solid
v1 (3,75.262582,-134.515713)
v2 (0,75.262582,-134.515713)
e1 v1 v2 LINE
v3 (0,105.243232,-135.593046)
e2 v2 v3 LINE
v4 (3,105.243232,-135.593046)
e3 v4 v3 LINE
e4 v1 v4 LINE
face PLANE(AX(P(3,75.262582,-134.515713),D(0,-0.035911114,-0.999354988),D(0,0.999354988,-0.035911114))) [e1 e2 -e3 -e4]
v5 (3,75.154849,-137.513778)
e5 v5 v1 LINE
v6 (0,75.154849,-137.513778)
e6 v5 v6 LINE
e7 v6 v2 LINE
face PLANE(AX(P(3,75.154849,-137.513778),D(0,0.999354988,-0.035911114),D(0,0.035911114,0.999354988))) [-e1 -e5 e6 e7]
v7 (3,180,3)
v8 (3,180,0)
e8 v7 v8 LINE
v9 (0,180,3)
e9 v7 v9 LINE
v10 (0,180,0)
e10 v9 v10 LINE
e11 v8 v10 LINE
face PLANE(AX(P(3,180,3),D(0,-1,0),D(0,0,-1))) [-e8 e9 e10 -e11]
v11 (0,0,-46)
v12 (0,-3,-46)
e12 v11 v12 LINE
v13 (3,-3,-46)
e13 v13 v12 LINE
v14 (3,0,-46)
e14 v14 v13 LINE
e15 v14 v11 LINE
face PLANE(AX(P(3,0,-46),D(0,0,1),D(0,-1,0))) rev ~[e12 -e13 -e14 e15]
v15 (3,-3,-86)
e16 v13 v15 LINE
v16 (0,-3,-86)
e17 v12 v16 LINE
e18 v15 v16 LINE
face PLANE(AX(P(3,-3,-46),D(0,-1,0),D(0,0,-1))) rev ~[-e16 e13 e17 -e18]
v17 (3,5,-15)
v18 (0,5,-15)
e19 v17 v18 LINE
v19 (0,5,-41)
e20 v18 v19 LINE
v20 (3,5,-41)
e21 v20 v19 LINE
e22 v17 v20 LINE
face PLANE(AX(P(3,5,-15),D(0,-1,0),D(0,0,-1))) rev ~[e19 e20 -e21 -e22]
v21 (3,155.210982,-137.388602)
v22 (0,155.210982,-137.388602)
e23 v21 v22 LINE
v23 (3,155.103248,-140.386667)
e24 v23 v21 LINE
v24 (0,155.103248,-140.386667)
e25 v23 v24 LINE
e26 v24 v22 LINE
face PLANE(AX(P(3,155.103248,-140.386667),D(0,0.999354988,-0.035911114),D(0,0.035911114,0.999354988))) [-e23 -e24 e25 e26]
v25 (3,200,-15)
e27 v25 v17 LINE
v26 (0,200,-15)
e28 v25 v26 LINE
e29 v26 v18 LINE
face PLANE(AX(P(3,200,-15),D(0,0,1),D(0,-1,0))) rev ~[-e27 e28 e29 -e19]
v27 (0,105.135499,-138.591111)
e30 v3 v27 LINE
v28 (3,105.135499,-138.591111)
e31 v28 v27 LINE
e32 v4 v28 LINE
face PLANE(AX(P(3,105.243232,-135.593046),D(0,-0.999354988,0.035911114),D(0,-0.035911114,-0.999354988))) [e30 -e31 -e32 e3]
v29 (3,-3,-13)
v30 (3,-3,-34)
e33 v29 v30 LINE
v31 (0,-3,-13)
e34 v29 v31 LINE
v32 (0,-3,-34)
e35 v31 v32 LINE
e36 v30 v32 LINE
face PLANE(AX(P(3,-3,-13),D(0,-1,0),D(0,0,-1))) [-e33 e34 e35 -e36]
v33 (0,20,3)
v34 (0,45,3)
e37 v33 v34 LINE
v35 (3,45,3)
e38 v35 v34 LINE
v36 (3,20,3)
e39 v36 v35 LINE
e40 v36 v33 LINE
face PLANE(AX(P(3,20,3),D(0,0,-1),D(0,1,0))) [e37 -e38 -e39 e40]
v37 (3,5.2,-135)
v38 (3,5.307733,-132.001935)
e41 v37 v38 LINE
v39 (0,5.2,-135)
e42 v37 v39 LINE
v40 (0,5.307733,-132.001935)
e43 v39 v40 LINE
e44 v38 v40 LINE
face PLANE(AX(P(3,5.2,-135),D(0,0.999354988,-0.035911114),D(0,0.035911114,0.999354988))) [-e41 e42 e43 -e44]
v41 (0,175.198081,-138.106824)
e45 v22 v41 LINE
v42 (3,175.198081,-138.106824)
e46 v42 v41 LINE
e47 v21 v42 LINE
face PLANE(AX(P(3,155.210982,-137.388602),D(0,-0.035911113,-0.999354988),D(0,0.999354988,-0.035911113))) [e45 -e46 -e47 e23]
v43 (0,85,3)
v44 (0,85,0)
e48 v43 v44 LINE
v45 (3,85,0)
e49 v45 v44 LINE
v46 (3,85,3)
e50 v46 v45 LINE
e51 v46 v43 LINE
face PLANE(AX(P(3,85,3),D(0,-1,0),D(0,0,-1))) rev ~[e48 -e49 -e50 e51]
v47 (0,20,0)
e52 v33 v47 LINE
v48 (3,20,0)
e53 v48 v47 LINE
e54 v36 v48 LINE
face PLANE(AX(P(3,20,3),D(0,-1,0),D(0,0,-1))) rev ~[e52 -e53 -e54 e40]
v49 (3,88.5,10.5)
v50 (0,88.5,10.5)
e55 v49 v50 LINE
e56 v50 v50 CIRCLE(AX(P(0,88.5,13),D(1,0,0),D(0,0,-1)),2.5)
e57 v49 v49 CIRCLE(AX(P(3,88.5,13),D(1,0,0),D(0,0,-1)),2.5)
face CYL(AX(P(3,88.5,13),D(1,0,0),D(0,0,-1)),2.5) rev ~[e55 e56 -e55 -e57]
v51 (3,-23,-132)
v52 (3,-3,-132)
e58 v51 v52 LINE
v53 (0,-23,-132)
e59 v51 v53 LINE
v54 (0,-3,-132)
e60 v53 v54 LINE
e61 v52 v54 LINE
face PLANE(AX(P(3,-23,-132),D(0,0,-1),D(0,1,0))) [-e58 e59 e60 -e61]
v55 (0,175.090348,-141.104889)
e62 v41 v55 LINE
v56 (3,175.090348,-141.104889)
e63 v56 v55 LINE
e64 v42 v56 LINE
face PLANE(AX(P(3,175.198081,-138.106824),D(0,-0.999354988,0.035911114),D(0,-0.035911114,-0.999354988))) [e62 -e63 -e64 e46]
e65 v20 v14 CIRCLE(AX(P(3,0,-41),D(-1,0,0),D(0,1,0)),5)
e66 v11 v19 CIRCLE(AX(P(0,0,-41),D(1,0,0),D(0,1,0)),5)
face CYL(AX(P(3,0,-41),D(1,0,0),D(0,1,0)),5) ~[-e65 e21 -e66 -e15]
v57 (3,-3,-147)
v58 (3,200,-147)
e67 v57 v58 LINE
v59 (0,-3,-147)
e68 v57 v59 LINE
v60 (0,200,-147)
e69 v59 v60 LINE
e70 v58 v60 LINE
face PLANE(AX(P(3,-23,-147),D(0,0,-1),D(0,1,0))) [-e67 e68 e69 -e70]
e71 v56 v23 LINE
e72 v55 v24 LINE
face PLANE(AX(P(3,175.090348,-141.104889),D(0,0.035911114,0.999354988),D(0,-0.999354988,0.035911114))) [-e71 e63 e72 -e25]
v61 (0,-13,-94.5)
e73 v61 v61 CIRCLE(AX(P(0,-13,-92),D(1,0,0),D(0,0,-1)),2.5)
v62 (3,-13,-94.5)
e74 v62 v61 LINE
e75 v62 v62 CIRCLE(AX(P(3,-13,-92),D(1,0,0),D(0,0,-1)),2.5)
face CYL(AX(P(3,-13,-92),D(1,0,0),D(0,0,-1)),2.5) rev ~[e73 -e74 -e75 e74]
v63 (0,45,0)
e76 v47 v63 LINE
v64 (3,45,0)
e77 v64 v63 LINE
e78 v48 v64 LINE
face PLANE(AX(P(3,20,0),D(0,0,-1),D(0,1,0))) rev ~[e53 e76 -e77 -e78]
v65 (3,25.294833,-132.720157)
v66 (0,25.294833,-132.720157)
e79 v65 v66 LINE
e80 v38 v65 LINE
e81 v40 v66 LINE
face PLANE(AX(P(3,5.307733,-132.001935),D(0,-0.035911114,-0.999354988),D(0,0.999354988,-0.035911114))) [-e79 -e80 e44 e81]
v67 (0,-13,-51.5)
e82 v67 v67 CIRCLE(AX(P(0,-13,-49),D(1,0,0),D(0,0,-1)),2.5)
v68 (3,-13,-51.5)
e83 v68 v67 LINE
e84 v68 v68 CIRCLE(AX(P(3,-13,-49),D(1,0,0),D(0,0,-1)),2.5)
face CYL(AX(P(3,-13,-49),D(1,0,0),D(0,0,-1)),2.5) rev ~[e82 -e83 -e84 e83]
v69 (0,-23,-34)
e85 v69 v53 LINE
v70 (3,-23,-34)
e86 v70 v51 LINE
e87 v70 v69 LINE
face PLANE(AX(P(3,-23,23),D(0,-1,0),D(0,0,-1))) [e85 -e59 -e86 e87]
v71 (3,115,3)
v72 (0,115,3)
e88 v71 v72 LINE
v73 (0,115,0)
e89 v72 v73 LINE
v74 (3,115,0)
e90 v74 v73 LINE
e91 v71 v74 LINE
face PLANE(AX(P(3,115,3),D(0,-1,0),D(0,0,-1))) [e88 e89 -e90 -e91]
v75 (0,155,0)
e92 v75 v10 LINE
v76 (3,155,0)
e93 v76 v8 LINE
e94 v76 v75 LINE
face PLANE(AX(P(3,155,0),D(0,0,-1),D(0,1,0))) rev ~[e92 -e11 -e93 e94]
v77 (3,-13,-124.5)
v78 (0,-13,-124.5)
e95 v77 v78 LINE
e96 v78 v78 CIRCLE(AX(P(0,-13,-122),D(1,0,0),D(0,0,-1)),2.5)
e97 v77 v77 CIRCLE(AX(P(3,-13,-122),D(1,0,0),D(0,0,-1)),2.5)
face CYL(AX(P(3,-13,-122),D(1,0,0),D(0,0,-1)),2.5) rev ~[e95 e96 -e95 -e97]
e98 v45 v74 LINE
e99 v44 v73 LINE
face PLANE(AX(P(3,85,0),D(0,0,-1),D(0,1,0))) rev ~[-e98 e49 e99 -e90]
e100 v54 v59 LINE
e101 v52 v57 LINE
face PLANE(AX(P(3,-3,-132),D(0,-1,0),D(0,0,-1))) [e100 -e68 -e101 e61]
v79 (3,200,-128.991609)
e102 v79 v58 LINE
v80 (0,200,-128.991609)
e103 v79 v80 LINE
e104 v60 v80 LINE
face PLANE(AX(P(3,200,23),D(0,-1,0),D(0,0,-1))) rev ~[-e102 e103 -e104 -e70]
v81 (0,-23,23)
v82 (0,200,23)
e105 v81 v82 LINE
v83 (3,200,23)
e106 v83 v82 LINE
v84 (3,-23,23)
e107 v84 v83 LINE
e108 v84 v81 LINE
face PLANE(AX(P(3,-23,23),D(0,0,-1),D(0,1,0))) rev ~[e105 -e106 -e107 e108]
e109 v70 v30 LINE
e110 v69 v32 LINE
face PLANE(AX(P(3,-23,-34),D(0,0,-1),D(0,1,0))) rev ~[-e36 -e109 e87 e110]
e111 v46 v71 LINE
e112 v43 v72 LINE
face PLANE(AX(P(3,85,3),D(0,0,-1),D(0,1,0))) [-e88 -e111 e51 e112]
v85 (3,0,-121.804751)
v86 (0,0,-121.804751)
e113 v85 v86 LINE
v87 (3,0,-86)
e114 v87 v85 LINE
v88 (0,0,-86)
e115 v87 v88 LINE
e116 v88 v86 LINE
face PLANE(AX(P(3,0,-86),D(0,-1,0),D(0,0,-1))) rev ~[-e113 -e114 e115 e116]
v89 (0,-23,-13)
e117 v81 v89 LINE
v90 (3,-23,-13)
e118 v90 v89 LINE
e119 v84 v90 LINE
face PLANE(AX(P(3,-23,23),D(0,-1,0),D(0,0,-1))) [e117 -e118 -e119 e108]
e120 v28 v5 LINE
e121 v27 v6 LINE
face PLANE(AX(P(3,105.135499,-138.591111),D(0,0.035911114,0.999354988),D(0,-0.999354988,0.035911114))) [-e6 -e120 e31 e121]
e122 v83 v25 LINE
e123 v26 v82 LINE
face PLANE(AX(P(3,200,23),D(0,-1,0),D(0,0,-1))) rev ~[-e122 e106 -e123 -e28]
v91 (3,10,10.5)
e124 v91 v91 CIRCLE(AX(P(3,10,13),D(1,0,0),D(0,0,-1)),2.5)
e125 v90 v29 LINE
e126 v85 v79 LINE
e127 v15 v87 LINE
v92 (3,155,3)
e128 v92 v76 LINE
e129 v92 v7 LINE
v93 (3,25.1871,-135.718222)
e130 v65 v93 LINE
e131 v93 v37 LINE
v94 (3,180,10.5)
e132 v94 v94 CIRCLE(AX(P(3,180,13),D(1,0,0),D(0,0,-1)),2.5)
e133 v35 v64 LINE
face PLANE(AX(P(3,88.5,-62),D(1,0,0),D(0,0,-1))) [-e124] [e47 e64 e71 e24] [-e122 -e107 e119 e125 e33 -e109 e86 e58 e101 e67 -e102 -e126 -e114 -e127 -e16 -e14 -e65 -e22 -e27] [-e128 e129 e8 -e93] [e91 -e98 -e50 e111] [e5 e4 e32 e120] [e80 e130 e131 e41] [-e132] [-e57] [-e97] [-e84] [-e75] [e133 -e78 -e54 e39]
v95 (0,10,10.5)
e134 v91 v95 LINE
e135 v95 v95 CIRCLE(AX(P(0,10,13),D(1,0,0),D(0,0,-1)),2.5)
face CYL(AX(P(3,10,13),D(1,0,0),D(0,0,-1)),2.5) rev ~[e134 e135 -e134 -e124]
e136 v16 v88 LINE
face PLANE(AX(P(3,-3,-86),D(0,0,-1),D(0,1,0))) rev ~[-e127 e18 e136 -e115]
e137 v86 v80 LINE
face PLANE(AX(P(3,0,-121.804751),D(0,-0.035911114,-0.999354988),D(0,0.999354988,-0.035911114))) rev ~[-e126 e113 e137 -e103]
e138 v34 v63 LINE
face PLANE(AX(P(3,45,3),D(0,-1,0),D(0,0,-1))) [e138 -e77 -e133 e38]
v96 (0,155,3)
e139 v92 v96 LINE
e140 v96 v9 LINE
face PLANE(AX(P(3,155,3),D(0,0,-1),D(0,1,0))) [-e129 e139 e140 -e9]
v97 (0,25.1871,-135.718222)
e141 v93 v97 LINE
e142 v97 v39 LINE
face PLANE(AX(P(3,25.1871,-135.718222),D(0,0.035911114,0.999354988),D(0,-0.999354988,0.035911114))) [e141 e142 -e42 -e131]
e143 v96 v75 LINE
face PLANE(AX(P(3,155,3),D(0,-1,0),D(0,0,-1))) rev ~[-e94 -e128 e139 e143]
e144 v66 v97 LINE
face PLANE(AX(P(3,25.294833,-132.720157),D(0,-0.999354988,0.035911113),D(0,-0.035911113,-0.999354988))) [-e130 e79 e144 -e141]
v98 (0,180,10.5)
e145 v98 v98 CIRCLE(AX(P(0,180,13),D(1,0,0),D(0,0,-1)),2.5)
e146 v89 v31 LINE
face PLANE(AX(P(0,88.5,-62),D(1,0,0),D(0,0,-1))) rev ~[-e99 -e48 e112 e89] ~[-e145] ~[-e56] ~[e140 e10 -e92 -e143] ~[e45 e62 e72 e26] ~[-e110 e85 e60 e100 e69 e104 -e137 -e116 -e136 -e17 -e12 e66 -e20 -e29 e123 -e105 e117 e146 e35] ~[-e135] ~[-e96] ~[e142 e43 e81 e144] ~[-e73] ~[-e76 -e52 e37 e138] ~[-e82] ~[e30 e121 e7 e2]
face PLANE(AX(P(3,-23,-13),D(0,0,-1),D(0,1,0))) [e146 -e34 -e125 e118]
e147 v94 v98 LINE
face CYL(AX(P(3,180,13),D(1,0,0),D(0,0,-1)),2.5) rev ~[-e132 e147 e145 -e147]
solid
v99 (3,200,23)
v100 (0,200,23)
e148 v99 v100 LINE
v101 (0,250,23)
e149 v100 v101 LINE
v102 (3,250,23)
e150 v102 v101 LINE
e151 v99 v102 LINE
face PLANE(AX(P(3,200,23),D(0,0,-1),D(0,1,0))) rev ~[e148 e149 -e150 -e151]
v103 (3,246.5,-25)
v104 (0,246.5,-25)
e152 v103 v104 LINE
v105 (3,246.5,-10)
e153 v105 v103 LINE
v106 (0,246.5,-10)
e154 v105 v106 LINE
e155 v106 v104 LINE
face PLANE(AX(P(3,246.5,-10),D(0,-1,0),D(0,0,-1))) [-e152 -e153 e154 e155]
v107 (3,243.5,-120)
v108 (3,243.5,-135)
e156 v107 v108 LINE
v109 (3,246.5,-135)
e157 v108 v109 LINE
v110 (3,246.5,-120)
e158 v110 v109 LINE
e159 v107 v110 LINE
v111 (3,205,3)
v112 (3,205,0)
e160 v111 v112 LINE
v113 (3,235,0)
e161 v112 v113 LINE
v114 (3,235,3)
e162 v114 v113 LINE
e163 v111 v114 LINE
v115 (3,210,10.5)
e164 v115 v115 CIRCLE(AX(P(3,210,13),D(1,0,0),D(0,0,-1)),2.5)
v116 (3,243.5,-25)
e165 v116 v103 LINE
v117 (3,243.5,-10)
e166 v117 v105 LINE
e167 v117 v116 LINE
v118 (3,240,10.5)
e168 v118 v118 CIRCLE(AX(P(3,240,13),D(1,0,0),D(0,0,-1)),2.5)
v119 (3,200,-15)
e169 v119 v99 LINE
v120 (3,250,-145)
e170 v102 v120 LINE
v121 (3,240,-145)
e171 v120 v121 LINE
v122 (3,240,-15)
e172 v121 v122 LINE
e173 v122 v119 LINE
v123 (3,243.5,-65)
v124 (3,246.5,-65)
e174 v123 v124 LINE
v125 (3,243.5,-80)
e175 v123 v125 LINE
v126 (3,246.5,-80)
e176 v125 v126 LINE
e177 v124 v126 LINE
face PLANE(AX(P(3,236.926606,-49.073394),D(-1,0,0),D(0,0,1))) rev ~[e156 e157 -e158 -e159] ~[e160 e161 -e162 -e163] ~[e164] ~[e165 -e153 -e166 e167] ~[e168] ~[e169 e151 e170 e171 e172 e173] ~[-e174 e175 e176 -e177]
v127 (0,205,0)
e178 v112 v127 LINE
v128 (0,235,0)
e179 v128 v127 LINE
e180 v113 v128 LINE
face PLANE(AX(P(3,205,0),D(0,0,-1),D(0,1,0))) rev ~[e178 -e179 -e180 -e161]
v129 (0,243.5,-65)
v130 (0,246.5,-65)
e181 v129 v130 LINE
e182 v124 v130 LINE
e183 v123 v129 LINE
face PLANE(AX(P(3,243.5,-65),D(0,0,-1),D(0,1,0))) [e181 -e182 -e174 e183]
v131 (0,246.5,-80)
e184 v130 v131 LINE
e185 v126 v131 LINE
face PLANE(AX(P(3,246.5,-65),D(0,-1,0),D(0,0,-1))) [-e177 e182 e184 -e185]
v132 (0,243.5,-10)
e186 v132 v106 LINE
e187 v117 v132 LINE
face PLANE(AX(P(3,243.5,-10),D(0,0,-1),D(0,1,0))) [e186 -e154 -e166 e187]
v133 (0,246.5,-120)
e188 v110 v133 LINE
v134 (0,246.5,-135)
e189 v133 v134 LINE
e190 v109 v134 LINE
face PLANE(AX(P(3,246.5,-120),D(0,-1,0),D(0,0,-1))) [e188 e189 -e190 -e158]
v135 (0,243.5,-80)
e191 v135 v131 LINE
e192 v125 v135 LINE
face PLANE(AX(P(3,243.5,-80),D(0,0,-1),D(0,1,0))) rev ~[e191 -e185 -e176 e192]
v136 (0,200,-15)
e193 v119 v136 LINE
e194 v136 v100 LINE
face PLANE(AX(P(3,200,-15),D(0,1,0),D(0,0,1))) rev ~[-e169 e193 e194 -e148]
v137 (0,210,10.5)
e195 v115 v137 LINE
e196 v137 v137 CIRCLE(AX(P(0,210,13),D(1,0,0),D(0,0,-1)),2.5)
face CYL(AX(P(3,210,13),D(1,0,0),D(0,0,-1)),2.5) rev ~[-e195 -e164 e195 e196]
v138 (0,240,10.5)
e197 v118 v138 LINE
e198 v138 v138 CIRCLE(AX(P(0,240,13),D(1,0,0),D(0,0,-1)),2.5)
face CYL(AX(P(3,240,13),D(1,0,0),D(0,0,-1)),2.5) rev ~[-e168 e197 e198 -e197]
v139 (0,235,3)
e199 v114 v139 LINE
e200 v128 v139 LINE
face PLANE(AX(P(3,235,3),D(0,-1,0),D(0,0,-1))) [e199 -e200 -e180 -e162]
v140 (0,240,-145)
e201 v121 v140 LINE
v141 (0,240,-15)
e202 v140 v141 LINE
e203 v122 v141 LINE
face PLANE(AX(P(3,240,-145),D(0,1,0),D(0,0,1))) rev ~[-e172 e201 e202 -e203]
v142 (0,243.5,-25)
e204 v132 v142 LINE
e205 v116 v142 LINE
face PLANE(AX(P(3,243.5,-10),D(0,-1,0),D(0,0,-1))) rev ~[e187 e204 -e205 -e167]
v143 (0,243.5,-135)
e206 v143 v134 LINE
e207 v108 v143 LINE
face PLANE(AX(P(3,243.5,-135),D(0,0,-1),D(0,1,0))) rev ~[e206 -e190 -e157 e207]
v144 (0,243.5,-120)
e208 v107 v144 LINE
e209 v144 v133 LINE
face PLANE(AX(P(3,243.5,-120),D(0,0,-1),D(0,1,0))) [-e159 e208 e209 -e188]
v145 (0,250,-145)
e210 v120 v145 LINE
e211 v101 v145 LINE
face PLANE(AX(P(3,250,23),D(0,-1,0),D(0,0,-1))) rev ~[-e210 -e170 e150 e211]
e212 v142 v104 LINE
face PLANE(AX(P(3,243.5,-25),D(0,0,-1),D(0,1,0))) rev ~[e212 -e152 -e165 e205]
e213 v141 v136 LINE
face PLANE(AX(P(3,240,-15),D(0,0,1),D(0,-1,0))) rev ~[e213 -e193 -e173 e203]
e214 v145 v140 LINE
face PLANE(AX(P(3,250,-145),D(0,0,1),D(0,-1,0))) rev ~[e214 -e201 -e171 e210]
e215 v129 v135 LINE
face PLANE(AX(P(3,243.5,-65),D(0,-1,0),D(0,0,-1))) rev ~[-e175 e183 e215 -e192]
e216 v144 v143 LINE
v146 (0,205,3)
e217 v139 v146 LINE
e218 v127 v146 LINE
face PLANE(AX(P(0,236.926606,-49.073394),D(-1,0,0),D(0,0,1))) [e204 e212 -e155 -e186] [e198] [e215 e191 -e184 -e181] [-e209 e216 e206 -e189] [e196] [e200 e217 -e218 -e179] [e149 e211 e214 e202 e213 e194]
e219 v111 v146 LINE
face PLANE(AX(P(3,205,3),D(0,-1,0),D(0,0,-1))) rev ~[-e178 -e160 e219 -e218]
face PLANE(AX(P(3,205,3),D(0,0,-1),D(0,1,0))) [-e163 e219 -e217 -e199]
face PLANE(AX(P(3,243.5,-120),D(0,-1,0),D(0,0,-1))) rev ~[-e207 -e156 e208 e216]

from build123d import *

# Parameters (mm, degrees)
SKETCH1_W           = 132
SKETCH1_H           = 200
BOSS_EXTRUDE1_DEPTH = 3
SKETCH5_W           = 170
SKETCH5_H           = 223
BOSS_EXTRUDE2_DEPTH = 3
CUT_EXTRUDE1_DEPTH  = 4
SKETCH3_R           = 2.5
CUT_EXTRUDE2_DEPTH  = 4
SKETCH6_W           = 21
SKETCH6_H           = 20
CUT_EXTRUDE4_DEPTH  = 4
SKETCH7_W           = 15
SKETCH7_H           = 20
CUT_EXTRUDE5_DEPTH  = 4
CUT_EXTRUDE3_DEPTH  = 4
SKETCH8_W           = 3
SKETCH8_H           = 25
SKETCH8_H_2         = 30
CUT_EXTRUDE6_DEPTH  = 4
SKETCH9_R           = 2.5
CUT_EXTRUDE7_DEPTH  = 4
BOSS_EXTRUDE3_DEPTH = 3
SKETCH11_W          = 15
SKETCH11_H          = 3
CUT_EXTRUDE8_DEPTH  = 3
SKETCH12_R          = 2.5
CUT_EXTRUDE9_DEPTH  = 10
SKETCH13_W          = 3
SKETCH13_H          = 30
CUT_EXTRUDE10_DEPTH = 10


with BuildPart() as part:
    # Sketch1 → Boss-Extrude1 (new body)
    with BuildSketch(Plane(origin=(0, 0, 0), x_dir=(0, 0, -1), z_dir=(1, 0, 0))):
        with Locations((66, 100)):
            Rectangle(SKETCH1_W, SKETCH1_H)
    extrude(amount=BOSS_EXTRUDE1_DEPTH)

    # Sketch5 → Boss-Extrude2 (add, through all)
    with BuildSketch(Plane(origin=(3, 0, 0), x_dir=(0, 0, -1), z_dir=(1, 0, 0))):
        with Locations((62, 88.5)):
            Rectangle(SKETCH5_W, SKETCH5_H)
    extrude(amount=-BOSS_EXTRUDE2_DEPTH)

    # Sketch2 → Cut-Extrude1 (cut, through all)
    with BuildSketch(Plane(origin=(3, 0, 0), x_dir=(0, 0, -1), z_dir=(1, 0, 0))):
        Polygon((135, 5.2), (132.001935036, 5.307733341), (132.720157307, 25.294833099), (135.718222271, 25.187099759), align=None)
        Polygon((138.106824336, 175.198081291), (141.1048893, 175.09034795), (140.386667029, 155.103248191), (137.388602066, 155.210981532), align=None)
        Polygon((135.593046389, 105.243232135), (138.591111353, 105.135498794), (137.513777947, 75.154849156), (134.515712983, 75.262582497), align=None)
    extrude(amount=-CUT_EXTRUDE1_DEPTH, mode=Mode.SUBTRACT)

    # Sketch3 → Cut-Extrude2 (cut, through all)
    with BuildSketch(Plane(origin=(3, 0, 0), x_dir=(0, 0, -1), z_dir=(1, 0, 0))):
        with Locations((122, -13)):
            Circle(SKETCH3_R)
        with Locations((92, -13)):
            Circle(SKETCH3_R)
        with Locations((-13, 10)):
            Circle(SKETCH3_R)
        with Locations((49, -13)):
            Circle(SKETCH3_R)
    extrude(amount=-CUT_EXTRUDE2_DEPTH, mode=Mode.SUBTRACT)

    # Sketch6 → Cut-Extrude4 (cut, through all)
    with BuildSketch(Plane(origin=(3, 0, 0), x_dir=(0, 0, -1), z_dir=(1, 0, 0))):
        with Locations((23.5, -13)):
            Rectangle(SKETCH6_W, SKETCH6_H)
    extrude(amount=-CUT_EXTRUDE4_DEPTH, mode=Mode.SUBTRACT)

    # Sketch7 → Cut-Extrude5 (cut, through all)
    with BuildSketch(Plane(origin=(3, 0, 0), x_dir=(0, 0, -1), z_dir=(1, 0, 0))):
        with Locations((139.5, -13)):
            Rectangle(SKETCH7_W, SKETCH7_H)
    extrude(amount=-CUT_EXTRUDE5_DEPTH, mode=Mode.SUBTRACT)

    # Sketch4 → Cut-Extrude3 (cut, through all)
    with BuildSketch(Plane(origin=(3, 0, 0), x_dir=(0, 0, -1), z_dir=(1, 0, 0))):
        with BuildLine():
            Line((128.991609431, 200), (15, 200))
            Line((15, 200), (15, 5))
            Line((15, 5), (41, 5))
            ThreePointArc((41, 5), (44.535533906, 3.535533906), (46, 0))
            Line((46, 0), (46, -3))
            Line((46, -3), (86, -3))
            Line((86, -3), (86, 0))
            Line((86, 0), (121.804751115, 0))
            Line((121.804751115, 0), (128.991609431, 200))
        make_face()
    extrude(amount=-CUT_EXTRUDE3_DEPTH, mode=Mode.SUBTRACT)

    # Sketch8 → Cut-Extrude6 (cut, through all)
    with BuildSketch(Plane(origin=(3, 0, 0), x_dir=(0, 0, -1), z_dir=(1, 0, 0))):
        with Locations((-1.5, 167.5)):
            Rectangle(SKETCH8_W, SKETCH8_H)
        with Locations((-1.5, 100)):
            Rectangle(SKETCH8_W, SKETCH8_H_2)
        with Locations((-1.5, 32.5)):
            Rectangle(SKETCH8_W, SKETCH8_H)
    extrude(amount=-CUT_EXTRUDE6_DEPTH, mode=Mode.SUBTRACT)

    # Sketch9 → Cut-Extrude7 (cut, through all)
    with BuildSketch(Plane(origin=(3, 0, 0), x_dir=(0, 0, -1), z_dir=(1, 0, 0))):
        with Locations((-13, 180)):
            Circle(SKETCH9_R)
        with Locations((-13, 88.5)):
            Circle(SKETCH9_R)
    extrude(amount=-CUT_EXTRUDE7_DEPTH, mode=Mode.SUBTRACT)


with BuildPart() as body_2:
    # Sketch10 → Boss-Extrude3 (new body)
    with BuildSketch(Plane(origin=(3, 0, 0), x_dir=(0, 0, -1), z_dir=(1, 0, 0))):
        Polygon((15, 240), (15, 200), (-23, 200), (-23, 250), (145, 250), (145, 240), align=None)
    extrude(amount=-BOSS_EXTRUDE3_DEPTH)

    # Sketch11 → Cut-Extrude8 (cut)
    with BuildSketch(Plane(origin=(3, 0, 0), x_dir=(0, 0, -1), z_dir=(1, 0, 0))):
        with Locations((127.5, 245)):
            Rectangle(SKETCH11_W, SKETCH11_H)
        with Locations((72.5, 245)):
            Rectangle(SKETCH11_W, SKETCH11_H)
        with Locations((17.5, 245)):
            Rectangle(SKETCH11_W, SKETCH11_H)
    extrude(amount=-CUT_EXTRUDE8_DEPTH, mode=Mode.SUBTRACT)

    # Sketch12 → Cut-Extrude9 (cut)
    with BuildSketch(Plane(origin=(3, 0, 0), x_dir=(0, 0, -1), z_dir=(1, 0, 0))):
        with Locations((-13, 240)):
            Circle(SKETCH12_R)
        with Locations((-13, 210)):
            Circle(SKETCH12_R)
    extrude(amount=-CUT_EXTRUDE9_DEPTH, mode=Mode.SUBTRACT)

    # Sketch13 → Cut-Extrude10 (cut)
    with BuildSketch(Plane(origin=(3, 0, 0), x_dir=(0, 0, -1), z_dir=(1, 0, 0))):
        with Locations((-1.5, 220)):
            Rectangle(SKETCH13_W, SKETCH13_H)
    extrude(amount=-CUT_EXTRUDE10_DEPTH, mode=Mode.SUBTRACT)


solid = Compound([part.part, body_2.part])
